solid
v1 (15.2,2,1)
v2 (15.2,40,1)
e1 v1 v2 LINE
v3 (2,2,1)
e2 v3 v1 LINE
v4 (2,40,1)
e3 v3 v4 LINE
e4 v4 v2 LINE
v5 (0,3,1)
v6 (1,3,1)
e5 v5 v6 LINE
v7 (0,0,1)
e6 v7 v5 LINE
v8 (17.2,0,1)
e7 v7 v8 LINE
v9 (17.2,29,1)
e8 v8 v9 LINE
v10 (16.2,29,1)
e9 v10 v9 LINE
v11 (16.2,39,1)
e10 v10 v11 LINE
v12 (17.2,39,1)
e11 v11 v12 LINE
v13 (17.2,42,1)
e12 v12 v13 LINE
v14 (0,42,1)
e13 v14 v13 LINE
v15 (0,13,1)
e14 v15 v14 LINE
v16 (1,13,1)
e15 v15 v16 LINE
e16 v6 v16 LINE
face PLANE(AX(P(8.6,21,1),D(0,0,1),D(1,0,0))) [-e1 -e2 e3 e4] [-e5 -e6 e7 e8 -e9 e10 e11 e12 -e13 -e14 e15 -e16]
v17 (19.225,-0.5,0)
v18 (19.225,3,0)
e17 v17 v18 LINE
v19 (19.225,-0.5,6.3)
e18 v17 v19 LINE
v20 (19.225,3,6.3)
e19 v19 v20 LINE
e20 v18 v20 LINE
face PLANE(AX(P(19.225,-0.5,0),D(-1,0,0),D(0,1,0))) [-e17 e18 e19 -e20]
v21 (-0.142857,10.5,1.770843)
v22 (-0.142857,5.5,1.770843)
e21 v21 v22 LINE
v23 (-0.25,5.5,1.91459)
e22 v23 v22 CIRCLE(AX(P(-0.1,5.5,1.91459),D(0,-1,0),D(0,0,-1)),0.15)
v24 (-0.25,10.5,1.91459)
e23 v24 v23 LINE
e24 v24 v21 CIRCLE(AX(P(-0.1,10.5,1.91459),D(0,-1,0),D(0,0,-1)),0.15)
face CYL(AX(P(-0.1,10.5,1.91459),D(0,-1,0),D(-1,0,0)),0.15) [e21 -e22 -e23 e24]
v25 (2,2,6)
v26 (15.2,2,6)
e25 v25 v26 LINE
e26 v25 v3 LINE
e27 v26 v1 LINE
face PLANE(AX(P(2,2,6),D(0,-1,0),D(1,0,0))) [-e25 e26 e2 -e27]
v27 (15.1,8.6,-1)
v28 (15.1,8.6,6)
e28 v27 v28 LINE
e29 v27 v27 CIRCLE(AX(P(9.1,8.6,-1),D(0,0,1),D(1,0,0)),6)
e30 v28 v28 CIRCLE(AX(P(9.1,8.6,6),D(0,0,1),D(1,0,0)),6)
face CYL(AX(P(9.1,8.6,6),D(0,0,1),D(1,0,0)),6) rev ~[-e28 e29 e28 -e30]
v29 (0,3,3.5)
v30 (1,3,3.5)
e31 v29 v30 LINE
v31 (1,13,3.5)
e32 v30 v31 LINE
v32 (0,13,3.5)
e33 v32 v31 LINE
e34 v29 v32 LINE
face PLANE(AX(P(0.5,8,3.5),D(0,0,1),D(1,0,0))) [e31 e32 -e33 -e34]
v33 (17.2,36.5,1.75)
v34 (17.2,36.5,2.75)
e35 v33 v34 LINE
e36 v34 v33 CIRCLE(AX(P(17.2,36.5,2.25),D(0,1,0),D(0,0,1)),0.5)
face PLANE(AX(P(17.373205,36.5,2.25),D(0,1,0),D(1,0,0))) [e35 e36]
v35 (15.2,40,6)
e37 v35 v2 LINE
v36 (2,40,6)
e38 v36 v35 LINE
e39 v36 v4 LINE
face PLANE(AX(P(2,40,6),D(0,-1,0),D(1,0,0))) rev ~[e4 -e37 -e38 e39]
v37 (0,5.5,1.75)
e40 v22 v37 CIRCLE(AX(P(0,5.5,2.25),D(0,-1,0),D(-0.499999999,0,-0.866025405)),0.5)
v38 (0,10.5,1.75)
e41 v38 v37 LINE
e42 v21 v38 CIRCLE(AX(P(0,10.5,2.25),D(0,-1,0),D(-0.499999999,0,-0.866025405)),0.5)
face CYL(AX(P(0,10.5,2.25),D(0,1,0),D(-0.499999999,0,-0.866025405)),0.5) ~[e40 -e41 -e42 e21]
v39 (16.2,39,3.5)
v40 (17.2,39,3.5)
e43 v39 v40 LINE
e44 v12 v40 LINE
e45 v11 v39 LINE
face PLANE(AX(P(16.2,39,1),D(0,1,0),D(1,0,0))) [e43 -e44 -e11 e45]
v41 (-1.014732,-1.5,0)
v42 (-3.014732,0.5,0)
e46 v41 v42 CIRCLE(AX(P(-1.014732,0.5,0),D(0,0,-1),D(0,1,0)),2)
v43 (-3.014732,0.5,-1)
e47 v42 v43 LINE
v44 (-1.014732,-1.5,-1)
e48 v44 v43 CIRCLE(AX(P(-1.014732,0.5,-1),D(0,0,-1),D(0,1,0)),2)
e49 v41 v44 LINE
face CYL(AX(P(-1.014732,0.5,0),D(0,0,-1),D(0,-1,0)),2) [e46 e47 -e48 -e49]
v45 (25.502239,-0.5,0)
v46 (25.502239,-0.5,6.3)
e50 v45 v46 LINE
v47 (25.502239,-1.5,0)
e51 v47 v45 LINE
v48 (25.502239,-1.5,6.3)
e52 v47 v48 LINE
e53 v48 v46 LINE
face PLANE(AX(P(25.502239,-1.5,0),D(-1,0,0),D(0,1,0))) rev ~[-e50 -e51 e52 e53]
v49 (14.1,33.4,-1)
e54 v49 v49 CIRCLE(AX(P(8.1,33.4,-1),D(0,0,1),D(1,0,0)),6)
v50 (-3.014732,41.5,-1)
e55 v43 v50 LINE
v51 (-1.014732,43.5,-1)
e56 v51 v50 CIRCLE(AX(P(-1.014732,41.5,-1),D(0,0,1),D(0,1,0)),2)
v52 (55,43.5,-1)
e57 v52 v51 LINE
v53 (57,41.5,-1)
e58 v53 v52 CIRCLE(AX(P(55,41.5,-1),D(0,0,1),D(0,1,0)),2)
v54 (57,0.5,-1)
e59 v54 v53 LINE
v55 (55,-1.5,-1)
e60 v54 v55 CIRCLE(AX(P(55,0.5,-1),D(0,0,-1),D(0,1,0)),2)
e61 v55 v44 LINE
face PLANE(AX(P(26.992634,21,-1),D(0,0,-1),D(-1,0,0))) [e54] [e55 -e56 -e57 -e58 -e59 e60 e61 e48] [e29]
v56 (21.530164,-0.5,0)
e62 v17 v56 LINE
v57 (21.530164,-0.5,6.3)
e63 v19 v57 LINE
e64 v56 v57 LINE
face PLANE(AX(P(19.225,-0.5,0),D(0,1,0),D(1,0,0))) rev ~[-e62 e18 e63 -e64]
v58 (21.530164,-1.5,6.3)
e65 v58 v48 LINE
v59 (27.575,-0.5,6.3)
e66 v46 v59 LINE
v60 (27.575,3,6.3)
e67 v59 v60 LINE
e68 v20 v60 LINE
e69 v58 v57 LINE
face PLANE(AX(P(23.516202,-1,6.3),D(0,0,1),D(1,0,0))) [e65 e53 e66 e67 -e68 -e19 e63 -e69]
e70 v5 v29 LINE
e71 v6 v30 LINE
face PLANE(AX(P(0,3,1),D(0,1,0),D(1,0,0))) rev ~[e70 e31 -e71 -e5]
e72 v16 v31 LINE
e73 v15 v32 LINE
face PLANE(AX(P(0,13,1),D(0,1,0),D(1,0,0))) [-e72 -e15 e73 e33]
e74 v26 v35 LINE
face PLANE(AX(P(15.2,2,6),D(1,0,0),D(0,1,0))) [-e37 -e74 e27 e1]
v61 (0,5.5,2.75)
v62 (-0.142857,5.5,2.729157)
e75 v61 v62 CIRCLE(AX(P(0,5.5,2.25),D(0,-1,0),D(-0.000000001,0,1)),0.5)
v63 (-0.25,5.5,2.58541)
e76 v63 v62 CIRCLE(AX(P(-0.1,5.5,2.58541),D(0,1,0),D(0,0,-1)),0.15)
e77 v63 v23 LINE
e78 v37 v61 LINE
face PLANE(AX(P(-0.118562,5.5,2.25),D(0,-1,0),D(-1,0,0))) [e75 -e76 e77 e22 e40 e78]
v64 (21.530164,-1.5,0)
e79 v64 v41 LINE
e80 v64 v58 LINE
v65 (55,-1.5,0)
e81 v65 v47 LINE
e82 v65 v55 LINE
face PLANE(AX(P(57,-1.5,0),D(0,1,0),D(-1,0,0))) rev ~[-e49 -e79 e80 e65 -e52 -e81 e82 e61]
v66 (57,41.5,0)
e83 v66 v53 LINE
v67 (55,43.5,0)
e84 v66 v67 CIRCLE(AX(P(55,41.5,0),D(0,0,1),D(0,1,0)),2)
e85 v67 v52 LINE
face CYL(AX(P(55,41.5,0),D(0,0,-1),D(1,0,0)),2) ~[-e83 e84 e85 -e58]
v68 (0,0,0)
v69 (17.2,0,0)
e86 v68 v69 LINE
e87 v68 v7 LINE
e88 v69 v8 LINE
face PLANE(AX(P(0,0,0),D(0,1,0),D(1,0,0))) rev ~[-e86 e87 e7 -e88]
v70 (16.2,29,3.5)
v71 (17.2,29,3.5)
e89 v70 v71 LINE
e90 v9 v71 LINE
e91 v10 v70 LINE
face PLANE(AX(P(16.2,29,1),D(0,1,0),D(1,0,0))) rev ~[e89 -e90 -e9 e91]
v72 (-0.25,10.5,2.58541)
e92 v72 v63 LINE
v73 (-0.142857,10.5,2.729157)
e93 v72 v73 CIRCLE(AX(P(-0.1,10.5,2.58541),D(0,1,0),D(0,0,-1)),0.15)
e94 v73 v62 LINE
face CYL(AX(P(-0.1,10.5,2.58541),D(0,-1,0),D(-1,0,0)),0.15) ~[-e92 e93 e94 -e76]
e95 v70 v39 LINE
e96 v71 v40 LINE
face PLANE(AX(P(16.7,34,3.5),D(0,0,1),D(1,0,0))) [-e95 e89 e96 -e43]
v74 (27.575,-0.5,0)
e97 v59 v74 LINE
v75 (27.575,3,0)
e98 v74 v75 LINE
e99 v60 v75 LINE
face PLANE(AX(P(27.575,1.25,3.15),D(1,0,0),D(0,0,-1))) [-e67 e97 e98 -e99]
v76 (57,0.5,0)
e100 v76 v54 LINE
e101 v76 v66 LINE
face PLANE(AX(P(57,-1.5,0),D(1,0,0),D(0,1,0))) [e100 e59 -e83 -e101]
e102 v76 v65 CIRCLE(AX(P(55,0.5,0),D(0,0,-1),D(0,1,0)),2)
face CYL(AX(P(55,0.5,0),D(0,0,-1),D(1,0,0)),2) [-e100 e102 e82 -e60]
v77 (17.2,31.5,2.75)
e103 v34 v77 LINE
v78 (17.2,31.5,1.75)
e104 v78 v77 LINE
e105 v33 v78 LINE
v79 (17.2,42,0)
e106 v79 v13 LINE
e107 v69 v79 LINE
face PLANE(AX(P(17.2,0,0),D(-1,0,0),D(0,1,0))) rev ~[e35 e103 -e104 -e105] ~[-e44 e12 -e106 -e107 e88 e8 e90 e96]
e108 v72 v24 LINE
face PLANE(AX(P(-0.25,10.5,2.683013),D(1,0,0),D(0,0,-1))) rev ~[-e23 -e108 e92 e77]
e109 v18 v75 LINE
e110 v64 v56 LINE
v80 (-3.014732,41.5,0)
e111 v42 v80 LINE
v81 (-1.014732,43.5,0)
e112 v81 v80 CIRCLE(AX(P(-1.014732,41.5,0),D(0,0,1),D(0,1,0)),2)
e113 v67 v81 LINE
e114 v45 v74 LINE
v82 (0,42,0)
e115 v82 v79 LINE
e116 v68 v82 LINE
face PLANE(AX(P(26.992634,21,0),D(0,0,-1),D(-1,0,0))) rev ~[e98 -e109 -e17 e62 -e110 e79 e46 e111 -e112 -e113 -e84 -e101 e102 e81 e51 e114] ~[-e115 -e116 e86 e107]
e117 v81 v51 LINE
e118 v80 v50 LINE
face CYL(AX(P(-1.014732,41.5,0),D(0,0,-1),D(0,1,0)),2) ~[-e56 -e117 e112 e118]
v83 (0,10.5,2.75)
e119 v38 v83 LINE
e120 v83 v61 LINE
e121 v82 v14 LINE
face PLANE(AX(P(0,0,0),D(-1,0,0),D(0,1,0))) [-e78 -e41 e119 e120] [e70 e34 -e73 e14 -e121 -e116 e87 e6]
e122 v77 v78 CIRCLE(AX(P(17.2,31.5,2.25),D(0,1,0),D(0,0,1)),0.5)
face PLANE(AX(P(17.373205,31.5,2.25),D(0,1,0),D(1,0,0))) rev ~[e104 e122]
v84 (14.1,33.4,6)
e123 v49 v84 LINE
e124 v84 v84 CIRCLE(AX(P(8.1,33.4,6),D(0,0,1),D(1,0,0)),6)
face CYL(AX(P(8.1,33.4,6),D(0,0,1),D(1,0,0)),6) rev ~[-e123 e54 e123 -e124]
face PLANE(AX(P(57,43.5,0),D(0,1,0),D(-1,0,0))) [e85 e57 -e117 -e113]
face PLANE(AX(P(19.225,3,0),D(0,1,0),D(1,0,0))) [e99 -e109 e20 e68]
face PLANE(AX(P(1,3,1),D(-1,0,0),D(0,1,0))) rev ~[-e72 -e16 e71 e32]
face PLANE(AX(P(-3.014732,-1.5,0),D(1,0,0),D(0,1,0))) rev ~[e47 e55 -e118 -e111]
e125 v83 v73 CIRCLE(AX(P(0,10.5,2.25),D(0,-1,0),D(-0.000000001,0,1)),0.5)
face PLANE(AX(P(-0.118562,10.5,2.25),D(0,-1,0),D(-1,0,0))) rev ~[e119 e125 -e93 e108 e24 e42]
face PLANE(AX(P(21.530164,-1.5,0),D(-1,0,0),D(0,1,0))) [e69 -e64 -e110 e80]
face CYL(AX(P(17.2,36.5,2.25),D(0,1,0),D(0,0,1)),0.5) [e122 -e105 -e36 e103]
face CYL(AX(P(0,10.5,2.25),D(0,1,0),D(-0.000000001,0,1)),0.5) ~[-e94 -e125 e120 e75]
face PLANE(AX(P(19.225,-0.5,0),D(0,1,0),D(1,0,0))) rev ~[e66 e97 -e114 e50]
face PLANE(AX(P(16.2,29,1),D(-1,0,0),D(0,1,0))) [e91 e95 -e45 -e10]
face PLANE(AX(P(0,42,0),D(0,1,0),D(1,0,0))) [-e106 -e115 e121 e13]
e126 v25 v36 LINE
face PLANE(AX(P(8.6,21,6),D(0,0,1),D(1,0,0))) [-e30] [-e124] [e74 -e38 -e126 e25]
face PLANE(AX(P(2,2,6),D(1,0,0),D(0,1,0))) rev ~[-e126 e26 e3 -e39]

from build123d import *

# Parameters (mm, degrees)
SKETCH_1_W           = 17.2
SKETCH_1_H           = 42
SKETCH_1_W_2         = 13.2
SKETCH_1_H_2         = 38
EXTRUDE_1_DEPTH      = 1
SKETCH_2_W           = 1
SKETCH_2_H           = 10
EXTRUDE_2_DEPTH      = 2.5
EXTRUDE_3_DEPTH      = 2.5
EXTRUDE_3_DEPTH_BACK = 2.5
EXTRUDE_4_DEPTH      = 2.5
EXTRUDE_4_DEPTH_BACK = 2.5
SKETCH_5_W           = 60.014732212
SKETCH_5_H           = 45
EXTRUDE_5_DEPTH      = 1
FILLET_1_R           = 2
SKETCH_6_W           = 8.55
SKETCH_6_H           = 3.5
EXTRUDE_6_DEPTH      = 6.3
SKETCH_7_W           = 3.972075094
SKETCH_7_H           = 1
EXTRUDE_7_DEPTH      = 6.3
SKETCH_8_R           = 6
CUT_EXTRUDE_1_DEPTH  = 72.978746863
EXTRUDE_START        = 6
SKETCH_9_W           = 13.2
SKETCH_9_H           = 38
SKETCH_9_R           = 6
EXTRUDE_8_DEPTH      = 6
FILLET_2_R           = 0.15
SKETCH_10_W          = 6.3
SKETCH_10_H          = 3.5
CUT_EXTRUDE_2_DEPTH  = 0.2


with BuildPart() as part:
    # 草图1 → 凸台-拉伸1 (new body)
    with BuildSketch(Plane.XY):
        with Locations((8.6, 21)):
            Rectangle(SKETCH_1_W, SKETCH_1_H)
        with Locations((8.6, 21)):
            Rectangle(SKETCH_1_W_2, SKETCH_1_H_2, mode=Mode.SUBTRACT)
    extrude(amount=EXTRUDE_1_DEPTH)

    # 草图2 → 凸台-拉伸2 (add)
    with BuildSketch(Plane.XY.offset(1)):
        with Locations((16.7, 34)):
            Rectangle(SKETCH_2_W, SKETCH_2_H)
        with Locations((0.5, 8)):
            Rectangle(SKETCH_2_W, SKETCH_2_H)
    extrude(amount=EXTRUDE_2_DEPTH)

    # 草图3 → 凸台-拉伸3 (add, two sides: drawn at the far end of the back side and taken through both)
    with BuildSketch(Plane(origin=(0, 34, 0), x_dir=(-1, 0, 0), z_dir=(0, -1, 0)).offset(-EXTRUDE_3_DEPTH_BACK)):
        with BuildLine():
            Line((-17.2, -1.75), (-17.2, -2.75))
            ThreePointArc((-17.2, -2.75), (-17.7, -2.25), (-17.2, -1.75))
        make_face()
    extrude(amount=EXTRUDE_3_DEPTH + EXTRUDE_3_DEPTH_BACK)

    # 草图4 → 凸台-拉伸4 (add, two sides: drawn at the far end of the back side and taken through both)
    with BuildSketch(Plane(origin=(0, 8, 0), x_dir=(-1, 0, 0), z_dir=(0, -1, 0)).offset(-EXTRUDE_4_DEPTH_BACK)):
        with BuildLine():
            Line((0, -1.75), (0, -2.75))
            ThreePointArc((0, -2.75), (0.129409523, -2.732962913), (0.25, -2.683012702))
            Line((0.25, -2.683012702), (0.25, -1.816987298))
            ThreePointArc((0.25, -1.816987298), (0.129409523, -1.767037087), (0, -1.75))
        make_face()
    extrude(amount=EXTRUDE_4_DEPTH + EXTRUDE_4_DEPTH_BACK)

    # 草图5 → 凸台-拉伸5 (add)
    with BuildSketch(Plane(origin=(0, 0, 0), x_dir=(-1, 0, 0), z_dir=(0, 0, -1))):
        with Locations((-26.992633894, 21)):
            Rectangle(SKETCH_5_W, SKETCH_5_H)
    extrude(amount=EXTRUDE_5_DEPTH)

    # 圆角1
    fillet_1_edges = [part.edges().sort_by_distance(p)[0] for p in [
        (57, 43.5, -0.5),
        (57, -1.5, -0.5),
        (-3.014732212, -1.5, -0.5),
        (-3.014732212, 43.5, -0.5),
    ]]
    fillet(fillet_1_edges, radius=FILLET_1_R)

    # 草图6 → 凸台-拉伸6 (add)
    with BuildSketch(Plane.XY):
        with Locations((23.5, 1.25)):
            Rectangle(SKETCH_6_W, SKETCH_6_H)
    extrude(amount=EXTRUDE_6_DEPTH)

    # 草图7 → 凸台-拉伸7 (add)
    with BuildSketch(Plane.XY):
        with Locations((23.516201891, -1)):
            Rectangle(SKETCH_7_W, SKETCH_7_H)
    extrude(amount=EXTRUDE_7_DEPTH)

    # 草图8 → 切除-拉伸1 (cut, through all)
    with BuildSketch(Plane.XY):
        with Locations((9.1, 8.6)):
            Circle(SKETCH_8_R)
        with Locations((8.1, 33.4)):
            Circle(SKETCH_8_R)
    extrude(amount=-CUT_EXTRUDE_1_DEPTH, mode=Mode.SUBTRACT)

    # 草图9 → 凸台-拉伸8 (add)
    with BuildSketch(Plane.XY.offset(EXTRUDE_START)):
        with Locations((8.6, 21)):
            Rectangle(SKETCH_9_W, SKETCH_9_H)
        with Locations((9.1, 8.6)):
            Circle(SKETCH_9_R, mode=Mode.SUBTRACT)
        with Locations((8.1, 33.4)):
            Circle(SKETCH_9_R, mode=Mode.SUBTRACT)
    extrude(amount=-EXTRUDE_8_DEPTH)

    # 圆角2
    fillet_2_edges = [part.edges().sort_by_distance(p)[0] for p in [
        (-0.25, 8, 1.816987298),
        (-0.25, 8, 2.683012702),
    ]]
    fillet(fillet_2_edges, radius=FILLET_2_R)

    # 草图10 → 切除-拉伸2 (cut)
    with BuildSketch(Plane(origin=(27.775, 0, 0), x_dir=(0, 0, -1), z_dir=(1, 0, 0))):
        with Locations((-3.15, 1.25)):
            Rectangle(SKETCH_10_W, SKETCH_10_H)
    extrude(amount=-CUT_EXTRUDE_2_DEPTH, mode=Mode.SUBTRACT)


solid = part.part
